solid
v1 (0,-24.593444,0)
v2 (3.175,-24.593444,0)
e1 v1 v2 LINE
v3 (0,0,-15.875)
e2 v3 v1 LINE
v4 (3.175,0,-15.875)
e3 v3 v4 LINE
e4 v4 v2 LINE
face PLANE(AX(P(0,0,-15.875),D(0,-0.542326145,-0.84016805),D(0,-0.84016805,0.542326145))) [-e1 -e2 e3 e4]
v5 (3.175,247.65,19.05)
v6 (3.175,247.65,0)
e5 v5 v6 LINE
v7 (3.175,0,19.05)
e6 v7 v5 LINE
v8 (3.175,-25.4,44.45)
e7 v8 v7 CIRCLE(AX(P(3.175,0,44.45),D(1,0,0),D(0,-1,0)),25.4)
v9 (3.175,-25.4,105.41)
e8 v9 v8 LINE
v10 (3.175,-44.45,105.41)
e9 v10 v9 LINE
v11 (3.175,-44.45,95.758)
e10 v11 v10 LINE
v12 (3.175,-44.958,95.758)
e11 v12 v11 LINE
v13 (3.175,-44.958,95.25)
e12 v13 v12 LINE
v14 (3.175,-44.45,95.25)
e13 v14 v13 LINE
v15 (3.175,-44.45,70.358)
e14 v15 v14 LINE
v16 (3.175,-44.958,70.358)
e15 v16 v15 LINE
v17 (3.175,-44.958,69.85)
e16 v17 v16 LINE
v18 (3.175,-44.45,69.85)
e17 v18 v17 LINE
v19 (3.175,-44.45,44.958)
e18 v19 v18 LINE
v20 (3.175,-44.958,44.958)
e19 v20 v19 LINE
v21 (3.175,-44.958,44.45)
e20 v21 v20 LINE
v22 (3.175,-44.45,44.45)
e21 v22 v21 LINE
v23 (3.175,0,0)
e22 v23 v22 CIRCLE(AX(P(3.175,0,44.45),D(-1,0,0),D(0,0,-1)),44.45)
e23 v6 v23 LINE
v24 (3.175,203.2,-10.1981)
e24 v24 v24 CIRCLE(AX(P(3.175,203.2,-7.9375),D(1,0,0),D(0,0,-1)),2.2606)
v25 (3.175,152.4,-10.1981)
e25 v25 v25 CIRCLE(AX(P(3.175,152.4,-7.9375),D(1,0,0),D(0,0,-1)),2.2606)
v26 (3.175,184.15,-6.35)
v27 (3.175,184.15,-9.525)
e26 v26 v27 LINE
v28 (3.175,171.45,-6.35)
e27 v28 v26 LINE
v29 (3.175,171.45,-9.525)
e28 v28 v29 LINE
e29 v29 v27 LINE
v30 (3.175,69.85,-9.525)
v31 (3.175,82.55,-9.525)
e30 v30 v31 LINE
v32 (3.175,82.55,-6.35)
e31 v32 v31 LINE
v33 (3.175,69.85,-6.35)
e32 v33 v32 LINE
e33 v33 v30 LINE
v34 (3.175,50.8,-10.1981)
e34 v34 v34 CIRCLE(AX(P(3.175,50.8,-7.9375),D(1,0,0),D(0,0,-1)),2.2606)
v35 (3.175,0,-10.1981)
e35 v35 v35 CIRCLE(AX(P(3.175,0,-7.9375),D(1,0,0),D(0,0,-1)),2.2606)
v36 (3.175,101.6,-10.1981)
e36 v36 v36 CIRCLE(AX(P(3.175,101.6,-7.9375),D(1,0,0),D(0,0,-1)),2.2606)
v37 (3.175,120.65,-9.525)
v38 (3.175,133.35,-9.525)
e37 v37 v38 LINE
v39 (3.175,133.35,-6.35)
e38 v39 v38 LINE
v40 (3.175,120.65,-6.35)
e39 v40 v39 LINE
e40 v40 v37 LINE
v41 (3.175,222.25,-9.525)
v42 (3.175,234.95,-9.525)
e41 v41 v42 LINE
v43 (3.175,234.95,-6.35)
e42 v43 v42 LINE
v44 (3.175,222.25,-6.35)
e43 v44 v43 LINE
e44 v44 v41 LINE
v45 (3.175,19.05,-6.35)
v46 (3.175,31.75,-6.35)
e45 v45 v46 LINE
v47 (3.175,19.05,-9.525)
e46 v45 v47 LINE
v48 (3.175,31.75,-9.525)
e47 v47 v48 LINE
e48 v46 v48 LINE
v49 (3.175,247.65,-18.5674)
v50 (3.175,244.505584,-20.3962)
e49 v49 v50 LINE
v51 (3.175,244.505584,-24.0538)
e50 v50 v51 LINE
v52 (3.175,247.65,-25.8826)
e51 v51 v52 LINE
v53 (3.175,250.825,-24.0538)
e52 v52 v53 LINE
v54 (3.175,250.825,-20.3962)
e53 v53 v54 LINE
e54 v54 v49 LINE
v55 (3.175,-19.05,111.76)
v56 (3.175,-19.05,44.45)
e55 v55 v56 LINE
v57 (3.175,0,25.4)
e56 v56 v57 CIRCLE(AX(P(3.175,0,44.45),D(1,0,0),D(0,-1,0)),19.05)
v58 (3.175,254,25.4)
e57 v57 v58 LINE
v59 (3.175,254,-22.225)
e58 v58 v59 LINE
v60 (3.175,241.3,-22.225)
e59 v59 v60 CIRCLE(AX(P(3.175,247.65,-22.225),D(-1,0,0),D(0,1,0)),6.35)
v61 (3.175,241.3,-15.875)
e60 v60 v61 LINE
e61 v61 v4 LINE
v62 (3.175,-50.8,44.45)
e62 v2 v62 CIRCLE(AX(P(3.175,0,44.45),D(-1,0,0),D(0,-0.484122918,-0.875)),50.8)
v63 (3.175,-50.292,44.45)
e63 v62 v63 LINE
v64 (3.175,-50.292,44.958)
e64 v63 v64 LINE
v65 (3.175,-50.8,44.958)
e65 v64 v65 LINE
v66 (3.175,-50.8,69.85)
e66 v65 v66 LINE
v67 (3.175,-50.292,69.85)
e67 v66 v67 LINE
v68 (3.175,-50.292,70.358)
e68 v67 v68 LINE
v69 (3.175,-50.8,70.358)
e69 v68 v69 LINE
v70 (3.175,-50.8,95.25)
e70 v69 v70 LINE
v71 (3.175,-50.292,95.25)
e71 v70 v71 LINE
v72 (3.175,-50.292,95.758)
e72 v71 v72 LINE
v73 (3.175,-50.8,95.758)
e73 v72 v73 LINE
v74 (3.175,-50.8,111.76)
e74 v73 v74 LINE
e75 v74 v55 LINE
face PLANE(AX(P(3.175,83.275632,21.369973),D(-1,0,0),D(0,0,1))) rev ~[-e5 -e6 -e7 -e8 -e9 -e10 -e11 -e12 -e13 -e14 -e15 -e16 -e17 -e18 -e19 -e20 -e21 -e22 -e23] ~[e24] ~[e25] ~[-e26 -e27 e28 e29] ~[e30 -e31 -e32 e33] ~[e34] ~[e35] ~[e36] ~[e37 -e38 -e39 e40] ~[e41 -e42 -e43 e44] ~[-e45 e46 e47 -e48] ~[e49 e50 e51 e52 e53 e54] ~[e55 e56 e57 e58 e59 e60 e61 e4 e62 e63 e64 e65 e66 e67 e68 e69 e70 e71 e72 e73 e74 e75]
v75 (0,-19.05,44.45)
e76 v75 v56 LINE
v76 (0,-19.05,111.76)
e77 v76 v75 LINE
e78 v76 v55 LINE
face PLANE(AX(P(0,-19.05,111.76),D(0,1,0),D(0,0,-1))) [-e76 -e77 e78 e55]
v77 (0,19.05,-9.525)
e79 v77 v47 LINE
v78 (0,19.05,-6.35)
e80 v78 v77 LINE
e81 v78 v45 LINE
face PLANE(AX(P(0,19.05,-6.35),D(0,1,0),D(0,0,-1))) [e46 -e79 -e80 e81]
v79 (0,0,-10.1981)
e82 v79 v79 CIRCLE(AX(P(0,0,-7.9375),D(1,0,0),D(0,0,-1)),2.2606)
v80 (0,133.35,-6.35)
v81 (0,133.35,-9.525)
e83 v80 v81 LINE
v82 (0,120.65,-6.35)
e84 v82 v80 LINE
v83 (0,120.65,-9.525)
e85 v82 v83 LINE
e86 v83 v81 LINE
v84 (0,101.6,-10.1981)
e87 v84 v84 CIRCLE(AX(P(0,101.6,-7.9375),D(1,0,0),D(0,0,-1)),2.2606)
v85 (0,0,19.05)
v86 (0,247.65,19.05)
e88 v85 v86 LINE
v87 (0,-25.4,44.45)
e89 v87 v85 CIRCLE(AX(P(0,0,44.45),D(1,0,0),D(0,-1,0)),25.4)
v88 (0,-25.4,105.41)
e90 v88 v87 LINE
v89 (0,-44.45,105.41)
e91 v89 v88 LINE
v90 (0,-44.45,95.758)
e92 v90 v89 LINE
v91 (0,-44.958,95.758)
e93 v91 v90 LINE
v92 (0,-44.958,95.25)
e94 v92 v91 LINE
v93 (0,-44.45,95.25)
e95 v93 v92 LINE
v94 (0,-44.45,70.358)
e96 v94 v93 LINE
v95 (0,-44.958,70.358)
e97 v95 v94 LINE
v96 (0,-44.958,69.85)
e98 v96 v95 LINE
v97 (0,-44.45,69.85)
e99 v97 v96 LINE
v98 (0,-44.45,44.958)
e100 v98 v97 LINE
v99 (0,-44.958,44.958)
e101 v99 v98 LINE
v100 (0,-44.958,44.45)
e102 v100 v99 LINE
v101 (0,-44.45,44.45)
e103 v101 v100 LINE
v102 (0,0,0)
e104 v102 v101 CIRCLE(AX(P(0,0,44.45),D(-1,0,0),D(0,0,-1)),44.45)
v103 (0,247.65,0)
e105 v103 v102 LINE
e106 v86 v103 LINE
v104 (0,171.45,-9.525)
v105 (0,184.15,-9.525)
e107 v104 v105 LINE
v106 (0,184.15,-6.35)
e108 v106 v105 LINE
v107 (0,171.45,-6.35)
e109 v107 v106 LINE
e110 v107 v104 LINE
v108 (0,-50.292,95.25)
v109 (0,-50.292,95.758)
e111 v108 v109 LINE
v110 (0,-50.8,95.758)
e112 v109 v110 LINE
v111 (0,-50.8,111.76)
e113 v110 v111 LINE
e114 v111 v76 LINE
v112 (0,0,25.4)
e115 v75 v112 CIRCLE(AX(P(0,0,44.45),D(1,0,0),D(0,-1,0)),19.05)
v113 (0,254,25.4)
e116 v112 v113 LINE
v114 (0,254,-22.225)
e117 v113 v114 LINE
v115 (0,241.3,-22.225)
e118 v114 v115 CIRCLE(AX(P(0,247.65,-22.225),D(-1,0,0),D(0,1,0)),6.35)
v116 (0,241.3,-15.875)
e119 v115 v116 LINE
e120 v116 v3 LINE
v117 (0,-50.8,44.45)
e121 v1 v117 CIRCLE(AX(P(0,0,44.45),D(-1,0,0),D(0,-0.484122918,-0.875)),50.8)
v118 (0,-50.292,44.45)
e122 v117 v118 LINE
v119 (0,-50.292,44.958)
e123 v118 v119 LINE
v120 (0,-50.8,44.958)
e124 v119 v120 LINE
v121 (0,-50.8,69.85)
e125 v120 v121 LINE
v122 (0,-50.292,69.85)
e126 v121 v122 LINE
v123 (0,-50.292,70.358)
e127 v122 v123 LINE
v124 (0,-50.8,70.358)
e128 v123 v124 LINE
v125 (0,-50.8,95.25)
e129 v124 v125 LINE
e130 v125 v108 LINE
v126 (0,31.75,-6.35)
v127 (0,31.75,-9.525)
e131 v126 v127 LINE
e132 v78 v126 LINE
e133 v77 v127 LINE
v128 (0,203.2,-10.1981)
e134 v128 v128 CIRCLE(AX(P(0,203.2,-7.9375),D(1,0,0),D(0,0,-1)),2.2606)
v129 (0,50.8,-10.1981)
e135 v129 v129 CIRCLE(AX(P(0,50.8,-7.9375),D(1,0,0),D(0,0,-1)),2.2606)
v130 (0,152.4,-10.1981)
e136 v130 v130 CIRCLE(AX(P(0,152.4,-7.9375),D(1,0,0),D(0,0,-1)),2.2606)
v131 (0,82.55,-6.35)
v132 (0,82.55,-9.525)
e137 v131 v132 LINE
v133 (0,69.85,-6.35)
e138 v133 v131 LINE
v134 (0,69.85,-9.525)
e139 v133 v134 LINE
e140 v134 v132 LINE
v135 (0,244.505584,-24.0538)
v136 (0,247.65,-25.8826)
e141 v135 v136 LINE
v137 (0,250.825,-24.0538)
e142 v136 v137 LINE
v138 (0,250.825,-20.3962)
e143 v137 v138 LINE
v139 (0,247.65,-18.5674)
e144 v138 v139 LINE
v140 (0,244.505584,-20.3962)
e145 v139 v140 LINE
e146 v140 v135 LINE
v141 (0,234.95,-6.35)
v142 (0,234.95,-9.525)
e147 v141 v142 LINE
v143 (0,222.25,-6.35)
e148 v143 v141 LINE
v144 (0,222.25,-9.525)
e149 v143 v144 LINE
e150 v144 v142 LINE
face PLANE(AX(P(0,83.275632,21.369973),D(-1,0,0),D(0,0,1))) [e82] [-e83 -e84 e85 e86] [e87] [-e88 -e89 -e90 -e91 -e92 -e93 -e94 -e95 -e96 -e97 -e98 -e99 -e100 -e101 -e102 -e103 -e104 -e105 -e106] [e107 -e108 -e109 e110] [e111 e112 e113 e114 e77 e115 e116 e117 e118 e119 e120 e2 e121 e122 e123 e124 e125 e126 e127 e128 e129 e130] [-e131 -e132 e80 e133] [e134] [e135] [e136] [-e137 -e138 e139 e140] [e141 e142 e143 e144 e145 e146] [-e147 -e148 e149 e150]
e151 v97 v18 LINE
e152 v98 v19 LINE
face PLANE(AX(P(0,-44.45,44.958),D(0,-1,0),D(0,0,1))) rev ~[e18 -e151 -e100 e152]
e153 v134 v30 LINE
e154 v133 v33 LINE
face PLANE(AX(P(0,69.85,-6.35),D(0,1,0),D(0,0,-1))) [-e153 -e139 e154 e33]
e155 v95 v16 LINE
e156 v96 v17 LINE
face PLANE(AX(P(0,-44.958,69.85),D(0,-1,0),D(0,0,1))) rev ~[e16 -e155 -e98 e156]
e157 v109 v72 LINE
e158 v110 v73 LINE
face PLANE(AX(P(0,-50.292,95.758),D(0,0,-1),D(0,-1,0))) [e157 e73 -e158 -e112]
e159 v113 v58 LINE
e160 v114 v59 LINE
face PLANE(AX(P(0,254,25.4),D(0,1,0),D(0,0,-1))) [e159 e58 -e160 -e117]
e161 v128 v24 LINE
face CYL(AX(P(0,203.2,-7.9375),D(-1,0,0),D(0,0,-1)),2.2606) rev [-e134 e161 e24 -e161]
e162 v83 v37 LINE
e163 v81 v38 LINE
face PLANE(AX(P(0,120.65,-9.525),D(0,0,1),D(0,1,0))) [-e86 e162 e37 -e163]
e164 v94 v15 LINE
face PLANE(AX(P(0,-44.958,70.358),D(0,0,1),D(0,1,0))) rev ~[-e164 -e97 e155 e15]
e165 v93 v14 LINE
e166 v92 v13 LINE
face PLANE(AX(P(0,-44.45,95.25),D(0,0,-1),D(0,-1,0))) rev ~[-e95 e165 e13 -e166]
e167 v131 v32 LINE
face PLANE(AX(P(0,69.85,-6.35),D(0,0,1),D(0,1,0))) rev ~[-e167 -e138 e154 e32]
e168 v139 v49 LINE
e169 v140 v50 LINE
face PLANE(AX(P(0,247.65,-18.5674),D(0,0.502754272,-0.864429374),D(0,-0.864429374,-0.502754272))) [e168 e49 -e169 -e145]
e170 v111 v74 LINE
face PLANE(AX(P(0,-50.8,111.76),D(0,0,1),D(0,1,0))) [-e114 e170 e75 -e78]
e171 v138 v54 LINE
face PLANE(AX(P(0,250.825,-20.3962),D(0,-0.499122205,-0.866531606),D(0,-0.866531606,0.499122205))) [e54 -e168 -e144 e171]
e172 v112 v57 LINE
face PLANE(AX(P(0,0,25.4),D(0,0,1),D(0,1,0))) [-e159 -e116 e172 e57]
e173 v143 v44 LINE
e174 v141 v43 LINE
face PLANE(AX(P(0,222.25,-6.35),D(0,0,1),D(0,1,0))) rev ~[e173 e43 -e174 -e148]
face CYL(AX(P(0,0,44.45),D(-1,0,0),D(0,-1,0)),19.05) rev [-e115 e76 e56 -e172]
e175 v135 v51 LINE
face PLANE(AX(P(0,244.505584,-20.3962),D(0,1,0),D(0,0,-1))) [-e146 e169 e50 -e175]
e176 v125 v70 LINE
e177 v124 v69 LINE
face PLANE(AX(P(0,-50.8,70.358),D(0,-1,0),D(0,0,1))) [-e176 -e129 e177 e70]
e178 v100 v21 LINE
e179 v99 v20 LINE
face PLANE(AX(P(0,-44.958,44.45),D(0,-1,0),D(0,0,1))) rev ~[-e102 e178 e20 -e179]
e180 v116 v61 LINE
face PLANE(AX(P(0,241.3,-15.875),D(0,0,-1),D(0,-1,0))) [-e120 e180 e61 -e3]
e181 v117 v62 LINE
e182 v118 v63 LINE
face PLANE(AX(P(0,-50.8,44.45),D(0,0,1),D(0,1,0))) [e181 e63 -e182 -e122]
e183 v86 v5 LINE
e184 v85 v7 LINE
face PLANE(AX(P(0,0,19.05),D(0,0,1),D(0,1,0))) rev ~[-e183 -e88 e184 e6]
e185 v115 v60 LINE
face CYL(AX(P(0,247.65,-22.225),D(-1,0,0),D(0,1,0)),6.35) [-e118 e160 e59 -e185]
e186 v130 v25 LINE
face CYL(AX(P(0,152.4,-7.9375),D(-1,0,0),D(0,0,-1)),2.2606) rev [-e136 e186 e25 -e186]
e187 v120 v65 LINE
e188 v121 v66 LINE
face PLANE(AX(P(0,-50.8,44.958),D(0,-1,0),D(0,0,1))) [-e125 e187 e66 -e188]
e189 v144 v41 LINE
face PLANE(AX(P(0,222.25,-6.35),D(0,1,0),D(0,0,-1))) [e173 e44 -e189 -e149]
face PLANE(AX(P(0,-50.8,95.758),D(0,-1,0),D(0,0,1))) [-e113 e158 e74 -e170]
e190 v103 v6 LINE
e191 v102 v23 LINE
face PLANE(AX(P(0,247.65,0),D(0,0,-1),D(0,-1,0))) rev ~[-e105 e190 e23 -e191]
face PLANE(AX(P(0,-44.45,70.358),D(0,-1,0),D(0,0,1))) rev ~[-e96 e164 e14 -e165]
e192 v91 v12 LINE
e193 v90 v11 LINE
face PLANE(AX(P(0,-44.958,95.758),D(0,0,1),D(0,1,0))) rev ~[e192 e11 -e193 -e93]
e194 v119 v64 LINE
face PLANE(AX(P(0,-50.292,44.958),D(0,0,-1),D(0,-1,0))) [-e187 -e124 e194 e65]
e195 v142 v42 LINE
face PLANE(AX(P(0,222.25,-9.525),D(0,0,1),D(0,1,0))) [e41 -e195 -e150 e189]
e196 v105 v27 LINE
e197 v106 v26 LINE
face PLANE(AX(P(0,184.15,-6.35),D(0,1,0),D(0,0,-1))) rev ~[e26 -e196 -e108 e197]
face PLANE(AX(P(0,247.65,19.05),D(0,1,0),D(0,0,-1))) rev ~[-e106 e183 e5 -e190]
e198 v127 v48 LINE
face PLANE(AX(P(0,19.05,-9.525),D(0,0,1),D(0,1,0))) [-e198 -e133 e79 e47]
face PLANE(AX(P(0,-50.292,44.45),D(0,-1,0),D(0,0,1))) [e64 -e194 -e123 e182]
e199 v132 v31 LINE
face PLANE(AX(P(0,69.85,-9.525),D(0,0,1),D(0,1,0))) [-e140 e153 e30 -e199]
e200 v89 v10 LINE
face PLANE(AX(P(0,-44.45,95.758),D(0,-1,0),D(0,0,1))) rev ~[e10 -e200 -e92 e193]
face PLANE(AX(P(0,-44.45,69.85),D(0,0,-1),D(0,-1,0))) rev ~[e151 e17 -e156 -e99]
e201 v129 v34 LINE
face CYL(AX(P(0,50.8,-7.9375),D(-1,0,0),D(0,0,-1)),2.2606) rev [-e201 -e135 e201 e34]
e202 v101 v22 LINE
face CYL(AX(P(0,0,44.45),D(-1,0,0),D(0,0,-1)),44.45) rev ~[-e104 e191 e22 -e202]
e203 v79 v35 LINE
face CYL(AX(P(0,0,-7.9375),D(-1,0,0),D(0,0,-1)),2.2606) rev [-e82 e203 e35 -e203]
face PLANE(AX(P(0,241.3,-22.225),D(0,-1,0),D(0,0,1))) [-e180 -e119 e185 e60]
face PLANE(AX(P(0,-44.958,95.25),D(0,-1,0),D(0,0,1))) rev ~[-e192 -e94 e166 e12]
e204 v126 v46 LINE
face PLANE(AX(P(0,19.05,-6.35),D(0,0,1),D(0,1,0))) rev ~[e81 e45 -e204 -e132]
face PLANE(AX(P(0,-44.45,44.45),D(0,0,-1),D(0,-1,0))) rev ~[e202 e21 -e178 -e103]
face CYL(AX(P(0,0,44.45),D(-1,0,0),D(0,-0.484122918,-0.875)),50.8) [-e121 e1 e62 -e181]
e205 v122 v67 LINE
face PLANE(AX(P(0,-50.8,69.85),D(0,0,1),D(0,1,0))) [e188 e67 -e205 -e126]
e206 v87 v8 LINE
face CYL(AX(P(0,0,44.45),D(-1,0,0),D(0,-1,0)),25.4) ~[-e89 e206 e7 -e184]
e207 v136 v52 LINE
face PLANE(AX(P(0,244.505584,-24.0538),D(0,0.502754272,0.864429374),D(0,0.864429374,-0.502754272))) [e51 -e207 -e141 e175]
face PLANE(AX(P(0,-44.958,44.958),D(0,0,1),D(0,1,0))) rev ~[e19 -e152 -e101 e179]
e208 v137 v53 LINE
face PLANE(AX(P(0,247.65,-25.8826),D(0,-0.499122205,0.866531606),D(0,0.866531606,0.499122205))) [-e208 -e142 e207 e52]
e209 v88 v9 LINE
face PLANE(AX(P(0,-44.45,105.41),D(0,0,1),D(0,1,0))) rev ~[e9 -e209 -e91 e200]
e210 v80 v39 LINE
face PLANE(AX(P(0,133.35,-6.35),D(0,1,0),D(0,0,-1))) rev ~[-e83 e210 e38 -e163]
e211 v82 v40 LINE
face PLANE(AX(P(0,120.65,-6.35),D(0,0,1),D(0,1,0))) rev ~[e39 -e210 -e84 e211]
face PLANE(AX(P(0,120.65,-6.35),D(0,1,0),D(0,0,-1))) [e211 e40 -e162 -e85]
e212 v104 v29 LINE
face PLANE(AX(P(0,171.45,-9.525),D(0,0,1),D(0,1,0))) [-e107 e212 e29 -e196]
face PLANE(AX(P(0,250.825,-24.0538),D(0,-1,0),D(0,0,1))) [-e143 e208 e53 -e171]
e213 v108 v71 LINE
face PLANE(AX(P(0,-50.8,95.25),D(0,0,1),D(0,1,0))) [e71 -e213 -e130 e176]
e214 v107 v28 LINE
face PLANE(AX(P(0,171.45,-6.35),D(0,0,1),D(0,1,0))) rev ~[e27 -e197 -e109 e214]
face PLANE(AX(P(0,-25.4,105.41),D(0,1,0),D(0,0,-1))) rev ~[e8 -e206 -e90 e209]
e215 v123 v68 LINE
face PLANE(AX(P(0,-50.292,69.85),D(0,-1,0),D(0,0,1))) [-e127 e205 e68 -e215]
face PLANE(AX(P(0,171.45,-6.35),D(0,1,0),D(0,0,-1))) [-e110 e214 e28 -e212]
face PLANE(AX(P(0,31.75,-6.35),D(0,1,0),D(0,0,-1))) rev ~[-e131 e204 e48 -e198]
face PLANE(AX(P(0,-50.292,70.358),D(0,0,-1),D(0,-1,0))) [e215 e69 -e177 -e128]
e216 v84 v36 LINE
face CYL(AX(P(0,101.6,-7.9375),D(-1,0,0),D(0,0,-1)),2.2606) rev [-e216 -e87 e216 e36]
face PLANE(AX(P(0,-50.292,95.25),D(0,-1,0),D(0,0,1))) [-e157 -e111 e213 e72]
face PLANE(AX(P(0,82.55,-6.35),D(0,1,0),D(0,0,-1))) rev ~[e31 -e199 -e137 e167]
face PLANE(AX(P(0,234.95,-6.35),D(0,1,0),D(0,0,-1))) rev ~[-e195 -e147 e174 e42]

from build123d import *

# Parameters (mm, degrees)
SKETCH2_R           = 2.2606
SKETCH2_W           = 3.175
SKETCH2_H           = 12.7
BOSS_EXTRUDE1_DEPTH = 3.175


with BuildPart() as part:
    # Sketch2 → Boss-Extrude1 (new body)
    with BuildSketch(Plane(origin=(0, 0, 0), x_dir=(0, 0, -1), z_dir=(1, 0, 0))):
        with BuildLine():
            Line((15.875, 254), (22.225, 254))
            ThreePointArc((22.225, 254), (28.575, 247.65), (22.225, 241.3))
            Line((22.225, 241.3), (15.875, 241.3))
            Line((15.875, 241.3), (15.875, 0))
            Line((15.875, 0), (0, -24.593444248))
            ThreePointArc((0, -24.593444248), (-18.649873719, -43.760638523), (-44.45, -50.8))
            Line((-44.45, -50.8), (-44.45, -50.292))
            Line((-44.45, -50.292), (-44.958, -50.292))
            Line((-44.958, -50.292), (-44.958, -50.8))
            Line((-44.958, -50.8), (-69.85, -50.8))
            Line((-69.85, -50.8), (-69.85, -50.292))
            Line((-69.85, -50.292), (-70.358, -50.292))
            Line((-70.358, -50.292), (-70.358, -50.8))
            Line((-70.358, -50.8), (-95.25, -50.8))
            Line((-95.25, -50.8), (-95.25, -50.292))
            Line((-95.25, -50.292), (-95.758, -50.292))
            Line((-95.758, -50.292), (-95.758, -50.8))
            Line((-95.758, -50.8), (-111.76, -50.8))
            Line((-111.76, -50.8), (-111.76, -44.45))
            Line((-111.76, -44.45), (-111.76, -25.4))
            Line((-111.76, -25.4), (-111.76, -19.05))
            Line((-111.76, -19.05), (-44.45, -19.05))
            ThreePointArc((-44.45, -19.05), (-30.979615818, -13.470384182), (-25.4, 0))
            Line((-25.4, 0), (-25.4, 247.65))
            Line((-25.4, 247.65), (-25.4, 254))
            Line((-25.4, 254), (0, 254))
            Line((0, 254), (15.875, 254))
        make_face()
        with Locations((7.9375, 0)):
            Circle(SKETCH2_R, mode=Mode.SUBTRACT)
        with Locations((7.9375, 50.8)):
            Circle(SKETCH2_R, mode=Mode.SUBTRACT)
        with Locations((7.9375, 101.6)):
            Circle(SKETCH2_R, mode=Mode.SUBTRACT)
        with Locations((7.9375, 152.4)):
            Circle(SKETCH2_R, mode=Mode.SUBTRACT)
        with Locations((7.9375, 203.2)):
            Circle(SKETCH2_R, mode=Mode.SUBTRACT)
        with BuildLine():
            Line((-44.958, -44.45), (-69.85, -44.45))
            Line((-69.85, -44.45), (-69.85, -44.958))
            Line((-69.85, -44.958), (-70.358, -44.958))
            Line((-70.358, -44.958), (-70.358, -44.45))
            Line((-70.358, -44.45), (-95.25, -44.45))
            Line((-95.25, -44.45), (-95.25, -44.958))
            Line((-95.25, -44.958), (-95.758, -44.958))
            Line((-95.758, -44.958), (-95.758, -44.45))
            Line((-95.758, -44.45), (-105.41, -44.45))
            Line((-105.41, -44.45), (-105.41, -25.4))
            Line((-105.41, -25.4), (-44.45, -25.4))
            ThreePointArc((-44.45, -25.4), (-26.489487758, -17.960512242), (-19.05, 0))
            Line((-19.05, 0), (-19.05, 247.65))
            Line((-19.05, 247.65), (0, 247.65))
            Line((0, 247.65), (0, 0))
            ThreePointArc((0, 0), (-13.019103576, -31.430896424), (-44.45, -44.45))
            Line((-44.45, -44.45), (-44.45, -44.958))
            Line((-44.45, -44.958), (-44.958, -44.958))
            Line((-44.958, -44.958), (-44.958, -44.45))
        make_face(mode=Mode.SUBTRACT)
        with Locations((7.9375, 228.6)):
            Rectangle(SKETCH2_W, SKETCH2_H, mode=Mode.SUBTRACT)
        with Locations((7.9375, 177.8)):
            Rectangle(SKETCH2_W, SKETCH2_H, mode=Mode.SUBTRACT)
        with Locations((7.9375, 76.2)):
            Rectangle(SKETCH2_W, SKETCH2_H, mode=Mode.SUBTRACT)
        with Locations((7.9375, 127)):
            Rectangle(SKETCH2_W, SKETCH2_H, mode=Mode.SUBTRACT)
        with Locations((7.9375, 25.4)):
            Rectangle(SKETCH2_W, SKETCH2_H, mode=Mode.SUBTRACT)
        Polygon((25.8826, 247.65), (24.0538, 250.825), (20.3962, 250.825), (18.5674, 247.65), (20.3962, 244.505584275), (24.0538, 244.505584275), align=None, mode=Mode.SUBTRACT)
    extrude(amount=BOSS_EXTRUDE1_DEPTH)


solid = part.part
